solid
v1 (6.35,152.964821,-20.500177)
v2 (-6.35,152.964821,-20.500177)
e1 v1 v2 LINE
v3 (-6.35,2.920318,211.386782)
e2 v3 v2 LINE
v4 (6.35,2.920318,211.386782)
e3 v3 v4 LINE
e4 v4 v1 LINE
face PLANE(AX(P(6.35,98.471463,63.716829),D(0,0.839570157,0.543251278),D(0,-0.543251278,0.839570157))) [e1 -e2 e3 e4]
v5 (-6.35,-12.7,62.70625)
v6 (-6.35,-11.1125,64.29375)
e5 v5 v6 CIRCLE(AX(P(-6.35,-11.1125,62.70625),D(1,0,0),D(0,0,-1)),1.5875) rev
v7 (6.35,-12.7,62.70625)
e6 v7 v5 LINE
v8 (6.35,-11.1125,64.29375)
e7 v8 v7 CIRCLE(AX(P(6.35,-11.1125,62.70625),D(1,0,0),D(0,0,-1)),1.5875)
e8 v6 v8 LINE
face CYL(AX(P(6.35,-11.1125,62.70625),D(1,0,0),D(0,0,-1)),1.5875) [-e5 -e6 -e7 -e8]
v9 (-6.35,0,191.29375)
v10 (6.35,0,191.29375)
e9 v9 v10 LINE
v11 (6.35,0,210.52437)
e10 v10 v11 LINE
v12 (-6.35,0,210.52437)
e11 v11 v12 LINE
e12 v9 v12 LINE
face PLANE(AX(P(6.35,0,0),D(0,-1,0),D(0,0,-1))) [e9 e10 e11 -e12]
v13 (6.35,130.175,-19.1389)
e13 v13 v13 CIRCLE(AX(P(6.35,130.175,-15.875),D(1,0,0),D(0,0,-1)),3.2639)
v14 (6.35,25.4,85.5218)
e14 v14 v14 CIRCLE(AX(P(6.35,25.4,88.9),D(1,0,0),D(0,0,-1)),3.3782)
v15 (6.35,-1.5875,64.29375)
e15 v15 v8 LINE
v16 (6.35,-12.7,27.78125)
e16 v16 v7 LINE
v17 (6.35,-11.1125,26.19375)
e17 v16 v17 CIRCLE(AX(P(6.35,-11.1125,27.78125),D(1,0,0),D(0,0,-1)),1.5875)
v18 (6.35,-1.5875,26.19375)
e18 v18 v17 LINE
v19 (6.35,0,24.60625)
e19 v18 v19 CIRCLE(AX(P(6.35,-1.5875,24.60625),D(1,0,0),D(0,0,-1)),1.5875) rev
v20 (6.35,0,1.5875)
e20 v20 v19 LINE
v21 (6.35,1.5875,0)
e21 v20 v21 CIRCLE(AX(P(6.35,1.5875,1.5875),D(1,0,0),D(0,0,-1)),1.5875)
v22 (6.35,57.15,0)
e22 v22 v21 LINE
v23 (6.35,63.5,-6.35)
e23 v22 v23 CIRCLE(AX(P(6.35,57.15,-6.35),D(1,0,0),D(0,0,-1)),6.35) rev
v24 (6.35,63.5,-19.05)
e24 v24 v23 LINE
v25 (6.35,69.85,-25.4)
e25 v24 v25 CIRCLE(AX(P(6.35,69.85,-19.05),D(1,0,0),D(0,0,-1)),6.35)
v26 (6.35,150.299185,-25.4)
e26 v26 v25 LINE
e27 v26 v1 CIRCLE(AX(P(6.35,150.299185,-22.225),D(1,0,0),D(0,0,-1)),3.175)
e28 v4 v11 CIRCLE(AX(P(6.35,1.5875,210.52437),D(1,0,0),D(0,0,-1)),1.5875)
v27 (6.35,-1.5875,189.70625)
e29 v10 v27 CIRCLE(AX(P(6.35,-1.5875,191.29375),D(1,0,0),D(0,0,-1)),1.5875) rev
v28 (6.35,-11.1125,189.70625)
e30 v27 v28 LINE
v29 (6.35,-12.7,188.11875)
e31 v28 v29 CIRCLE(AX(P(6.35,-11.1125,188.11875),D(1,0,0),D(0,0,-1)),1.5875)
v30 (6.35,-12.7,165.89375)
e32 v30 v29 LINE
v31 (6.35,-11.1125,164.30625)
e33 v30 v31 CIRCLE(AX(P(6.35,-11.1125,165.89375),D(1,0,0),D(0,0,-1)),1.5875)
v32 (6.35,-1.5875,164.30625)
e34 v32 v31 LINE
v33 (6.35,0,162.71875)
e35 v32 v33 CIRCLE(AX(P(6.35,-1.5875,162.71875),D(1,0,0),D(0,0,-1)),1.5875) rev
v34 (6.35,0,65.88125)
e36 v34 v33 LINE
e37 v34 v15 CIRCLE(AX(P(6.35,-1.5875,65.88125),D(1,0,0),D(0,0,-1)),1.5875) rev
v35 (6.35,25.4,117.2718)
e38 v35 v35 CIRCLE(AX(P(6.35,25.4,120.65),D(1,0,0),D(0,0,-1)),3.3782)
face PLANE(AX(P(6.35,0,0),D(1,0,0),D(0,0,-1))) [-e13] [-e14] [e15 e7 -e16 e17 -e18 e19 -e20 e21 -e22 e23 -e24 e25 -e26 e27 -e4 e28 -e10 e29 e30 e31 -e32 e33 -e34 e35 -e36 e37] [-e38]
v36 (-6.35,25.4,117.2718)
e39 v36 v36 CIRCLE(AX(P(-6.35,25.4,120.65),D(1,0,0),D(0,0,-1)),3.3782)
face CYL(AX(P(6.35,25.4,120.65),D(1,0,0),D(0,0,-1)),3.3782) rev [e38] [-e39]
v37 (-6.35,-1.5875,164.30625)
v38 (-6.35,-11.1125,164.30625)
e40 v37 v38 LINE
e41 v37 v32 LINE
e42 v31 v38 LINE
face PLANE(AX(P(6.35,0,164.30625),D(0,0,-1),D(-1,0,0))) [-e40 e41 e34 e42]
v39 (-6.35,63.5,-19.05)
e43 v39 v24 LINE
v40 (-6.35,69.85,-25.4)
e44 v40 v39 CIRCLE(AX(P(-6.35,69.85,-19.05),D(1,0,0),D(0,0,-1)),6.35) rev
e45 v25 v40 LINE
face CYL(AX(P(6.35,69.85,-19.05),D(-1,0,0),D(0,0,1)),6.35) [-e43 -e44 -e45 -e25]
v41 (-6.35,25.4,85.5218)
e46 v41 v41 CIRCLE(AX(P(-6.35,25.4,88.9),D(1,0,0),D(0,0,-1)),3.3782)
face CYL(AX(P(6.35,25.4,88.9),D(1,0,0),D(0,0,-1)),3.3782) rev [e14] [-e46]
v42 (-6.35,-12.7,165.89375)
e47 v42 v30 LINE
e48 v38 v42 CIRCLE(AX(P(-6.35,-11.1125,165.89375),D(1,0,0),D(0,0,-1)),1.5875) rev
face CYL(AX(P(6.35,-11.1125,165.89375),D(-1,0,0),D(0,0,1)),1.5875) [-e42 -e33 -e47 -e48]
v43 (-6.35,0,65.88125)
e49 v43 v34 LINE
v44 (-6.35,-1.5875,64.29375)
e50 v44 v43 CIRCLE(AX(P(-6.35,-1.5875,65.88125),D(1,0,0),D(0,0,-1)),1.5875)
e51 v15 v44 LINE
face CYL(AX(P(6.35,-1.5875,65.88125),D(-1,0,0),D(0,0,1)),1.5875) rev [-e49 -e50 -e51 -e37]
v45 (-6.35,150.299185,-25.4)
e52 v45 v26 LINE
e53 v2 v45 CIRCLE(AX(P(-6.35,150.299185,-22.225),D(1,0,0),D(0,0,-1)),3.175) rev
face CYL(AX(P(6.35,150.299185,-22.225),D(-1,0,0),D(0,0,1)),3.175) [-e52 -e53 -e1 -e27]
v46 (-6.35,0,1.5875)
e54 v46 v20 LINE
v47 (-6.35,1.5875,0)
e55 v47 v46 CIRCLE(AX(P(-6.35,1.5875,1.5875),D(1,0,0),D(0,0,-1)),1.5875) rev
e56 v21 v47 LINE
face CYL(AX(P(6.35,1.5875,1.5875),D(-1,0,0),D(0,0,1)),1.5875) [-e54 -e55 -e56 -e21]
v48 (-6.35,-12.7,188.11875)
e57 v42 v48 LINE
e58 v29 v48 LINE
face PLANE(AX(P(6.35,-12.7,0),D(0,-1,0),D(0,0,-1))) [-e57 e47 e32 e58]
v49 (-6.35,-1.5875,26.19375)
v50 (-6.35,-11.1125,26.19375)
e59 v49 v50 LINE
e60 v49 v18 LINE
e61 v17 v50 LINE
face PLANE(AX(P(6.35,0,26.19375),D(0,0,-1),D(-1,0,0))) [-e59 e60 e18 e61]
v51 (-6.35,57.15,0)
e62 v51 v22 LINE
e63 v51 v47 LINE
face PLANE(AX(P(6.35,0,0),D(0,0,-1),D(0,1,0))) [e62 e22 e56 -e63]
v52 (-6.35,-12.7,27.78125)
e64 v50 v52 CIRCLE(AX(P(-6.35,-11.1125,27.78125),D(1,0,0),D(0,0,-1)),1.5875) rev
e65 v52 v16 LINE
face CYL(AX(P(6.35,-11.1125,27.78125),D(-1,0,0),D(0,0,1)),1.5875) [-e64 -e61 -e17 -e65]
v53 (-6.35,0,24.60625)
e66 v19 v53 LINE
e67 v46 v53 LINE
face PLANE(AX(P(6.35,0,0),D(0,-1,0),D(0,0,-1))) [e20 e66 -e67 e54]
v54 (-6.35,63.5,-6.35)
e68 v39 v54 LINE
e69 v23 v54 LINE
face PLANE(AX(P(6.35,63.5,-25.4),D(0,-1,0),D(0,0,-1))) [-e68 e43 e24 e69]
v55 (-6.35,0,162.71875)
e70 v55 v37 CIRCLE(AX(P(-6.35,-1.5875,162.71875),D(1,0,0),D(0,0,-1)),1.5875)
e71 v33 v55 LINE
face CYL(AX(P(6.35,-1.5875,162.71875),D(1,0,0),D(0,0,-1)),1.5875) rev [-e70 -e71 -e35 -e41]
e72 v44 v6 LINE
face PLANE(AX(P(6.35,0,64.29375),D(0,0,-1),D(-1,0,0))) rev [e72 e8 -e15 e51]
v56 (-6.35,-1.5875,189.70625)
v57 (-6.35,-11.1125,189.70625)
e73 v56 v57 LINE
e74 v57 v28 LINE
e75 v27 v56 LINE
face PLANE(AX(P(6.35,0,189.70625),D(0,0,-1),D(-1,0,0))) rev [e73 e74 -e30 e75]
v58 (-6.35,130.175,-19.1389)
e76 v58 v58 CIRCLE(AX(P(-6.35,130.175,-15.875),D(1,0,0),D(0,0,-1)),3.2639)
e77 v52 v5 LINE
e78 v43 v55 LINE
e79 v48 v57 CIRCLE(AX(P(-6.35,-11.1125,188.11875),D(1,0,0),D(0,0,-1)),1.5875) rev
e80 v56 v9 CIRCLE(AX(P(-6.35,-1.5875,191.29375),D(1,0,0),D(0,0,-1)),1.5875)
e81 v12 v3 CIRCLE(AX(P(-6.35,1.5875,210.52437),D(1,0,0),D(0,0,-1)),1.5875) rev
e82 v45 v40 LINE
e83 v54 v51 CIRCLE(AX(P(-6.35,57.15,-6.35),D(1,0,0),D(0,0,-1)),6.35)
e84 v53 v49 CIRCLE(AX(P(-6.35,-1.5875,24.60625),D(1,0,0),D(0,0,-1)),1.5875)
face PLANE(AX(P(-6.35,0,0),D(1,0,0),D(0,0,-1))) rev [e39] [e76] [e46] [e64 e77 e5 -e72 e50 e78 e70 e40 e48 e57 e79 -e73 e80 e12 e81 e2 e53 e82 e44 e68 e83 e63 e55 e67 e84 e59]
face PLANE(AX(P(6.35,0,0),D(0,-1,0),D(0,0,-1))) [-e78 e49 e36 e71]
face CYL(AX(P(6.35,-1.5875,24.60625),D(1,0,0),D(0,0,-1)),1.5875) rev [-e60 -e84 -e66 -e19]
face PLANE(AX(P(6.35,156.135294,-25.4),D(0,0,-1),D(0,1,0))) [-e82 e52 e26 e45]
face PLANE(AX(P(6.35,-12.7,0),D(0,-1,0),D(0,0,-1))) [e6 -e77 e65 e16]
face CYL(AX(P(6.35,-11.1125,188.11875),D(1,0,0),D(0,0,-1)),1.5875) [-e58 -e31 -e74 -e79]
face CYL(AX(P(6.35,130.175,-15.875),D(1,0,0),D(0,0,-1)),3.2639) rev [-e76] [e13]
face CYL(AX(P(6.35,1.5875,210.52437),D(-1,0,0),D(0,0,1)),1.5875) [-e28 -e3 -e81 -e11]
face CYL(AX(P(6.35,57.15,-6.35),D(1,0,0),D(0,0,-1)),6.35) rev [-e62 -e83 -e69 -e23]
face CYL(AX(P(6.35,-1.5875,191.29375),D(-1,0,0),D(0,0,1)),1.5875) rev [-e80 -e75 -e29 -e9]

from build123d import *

# Parameters (mm, degrees)
SKETCH1_W                   = 38.1
SKETCH1_H                   = 12.7
SKETCH1_W_2                 = 25.4
BOSS_EXTRUDE1_DEPTH         = 6.35
F_1_4_CLEARANCE_HOLE1_D     = 6.7564
F_1_4_CLEARANCE_HOLE1_DEPTH = 12.7
BOSS_EXTRUDE2_DEPTH         = 12.7
TOP_FILLET_R                = 3.175
BOTTOM_FILLETS_R            = 1.5875
F_1_4_CLEARANCE_HOLE2_D     = 6.5278
F_1_4_CLEARANCE_HOLE2_DEPTH = 12.7
FILLET1_R                   = 6.35


with BuildPart() as part:
    # Sketch1 → Boss-Extrude1 (new body, symmetric)
    with BuildSketch(Plane(origin=(0, 0, 0), x_dir=(0, 0, -1), z_dir=(1, 0, 0))):
        Polygon((0, 139.7), (0, 0), (-215.9, 0), align=None)
        with Locations((-45.24375, -6.35)):
            Rectangle(SKETCH1_W, SKETCH1_H)
        with Locations((-177.00625, -6.35)):
            Rectangle(SKETCH1_W_2, SKETCH1_H)
    extrude(amount=BOSS_EXTRUDE1_DEPTH, both=True)

    # 1/4 Clearance Hole1
    with Locations(Plane(origin=(6.35, 0, 0), x_dir=(0, 0, -1), z_dir=(1, 0, 0))):
        with Locations((-88.9, 25.4), (-120.65, 25.4)):
            Hole(F_1_4_CLEARANCE_HOLE1_D / 2, depth=F_1_4_CLEARANCE_HOLE1_DEPTH)

    # Sketch13 → Boss-Extrude2 (add, through all)
    with BuildSketch(Plane.ZY.offset(6.35)):
        Polygon((-25.4, 156.135294118), (0, 139.7), (0, 63.5), (-25.4, 63.5), align=None)
    extrude(amount=-BOSS_EXTRUDE2_DEPTH)

    # top fillet
    top_fillet_edges = [part.edges().sort_by_distance(p)[0] for p in [
        (0, 156.135294118, -25.4),
    ]]
    fillet(top_fillet_edges, radius=TOP_FILLET_R)

    # bottom fillets
    bottom_fillets_edges = [part.edges().sort_by_distance(p)[0] for p in [
        (0, 0, 0),
        (0, 0, 26.19375),
        (0, -12.7, 26.19375),
        (0, -12.7, 64.29375),
        (0, 0, 64.29375),
        (0, 0, 164.30625),
        (0, -12.7, 164.30625),
        (0, -12.7, 189.70625),
        (0, 0, 189.70625),
        (0, 0, 215.9),
    ]]
    fillet(bottom_fillets_edges, radius=BOTTOM_FILLETS_R)

    # 1/4 Clearance Hole2
    with Locations(Plane(origin=(6.35, 0, 0), x_dir=(0, 0, -1), z_dir=(1, 0, 0))):
        with Locations((15.875, 130.175)):
            Hole(F_1_4_CLEARANCE_HOLE2_D / 2, depth=F_1_4_CLEARANCE_HOLE2_DEPTH)

    # Fillet1
    fillet1_edges = [part.edges().sort_by_distance(p)[0] for p in [
        (0, 63.5, -25.4),
        (0, 63.5, 0),
    ]]
    fillet(fillet1_edges, radius=FILLET1_R)


solid = part.part
